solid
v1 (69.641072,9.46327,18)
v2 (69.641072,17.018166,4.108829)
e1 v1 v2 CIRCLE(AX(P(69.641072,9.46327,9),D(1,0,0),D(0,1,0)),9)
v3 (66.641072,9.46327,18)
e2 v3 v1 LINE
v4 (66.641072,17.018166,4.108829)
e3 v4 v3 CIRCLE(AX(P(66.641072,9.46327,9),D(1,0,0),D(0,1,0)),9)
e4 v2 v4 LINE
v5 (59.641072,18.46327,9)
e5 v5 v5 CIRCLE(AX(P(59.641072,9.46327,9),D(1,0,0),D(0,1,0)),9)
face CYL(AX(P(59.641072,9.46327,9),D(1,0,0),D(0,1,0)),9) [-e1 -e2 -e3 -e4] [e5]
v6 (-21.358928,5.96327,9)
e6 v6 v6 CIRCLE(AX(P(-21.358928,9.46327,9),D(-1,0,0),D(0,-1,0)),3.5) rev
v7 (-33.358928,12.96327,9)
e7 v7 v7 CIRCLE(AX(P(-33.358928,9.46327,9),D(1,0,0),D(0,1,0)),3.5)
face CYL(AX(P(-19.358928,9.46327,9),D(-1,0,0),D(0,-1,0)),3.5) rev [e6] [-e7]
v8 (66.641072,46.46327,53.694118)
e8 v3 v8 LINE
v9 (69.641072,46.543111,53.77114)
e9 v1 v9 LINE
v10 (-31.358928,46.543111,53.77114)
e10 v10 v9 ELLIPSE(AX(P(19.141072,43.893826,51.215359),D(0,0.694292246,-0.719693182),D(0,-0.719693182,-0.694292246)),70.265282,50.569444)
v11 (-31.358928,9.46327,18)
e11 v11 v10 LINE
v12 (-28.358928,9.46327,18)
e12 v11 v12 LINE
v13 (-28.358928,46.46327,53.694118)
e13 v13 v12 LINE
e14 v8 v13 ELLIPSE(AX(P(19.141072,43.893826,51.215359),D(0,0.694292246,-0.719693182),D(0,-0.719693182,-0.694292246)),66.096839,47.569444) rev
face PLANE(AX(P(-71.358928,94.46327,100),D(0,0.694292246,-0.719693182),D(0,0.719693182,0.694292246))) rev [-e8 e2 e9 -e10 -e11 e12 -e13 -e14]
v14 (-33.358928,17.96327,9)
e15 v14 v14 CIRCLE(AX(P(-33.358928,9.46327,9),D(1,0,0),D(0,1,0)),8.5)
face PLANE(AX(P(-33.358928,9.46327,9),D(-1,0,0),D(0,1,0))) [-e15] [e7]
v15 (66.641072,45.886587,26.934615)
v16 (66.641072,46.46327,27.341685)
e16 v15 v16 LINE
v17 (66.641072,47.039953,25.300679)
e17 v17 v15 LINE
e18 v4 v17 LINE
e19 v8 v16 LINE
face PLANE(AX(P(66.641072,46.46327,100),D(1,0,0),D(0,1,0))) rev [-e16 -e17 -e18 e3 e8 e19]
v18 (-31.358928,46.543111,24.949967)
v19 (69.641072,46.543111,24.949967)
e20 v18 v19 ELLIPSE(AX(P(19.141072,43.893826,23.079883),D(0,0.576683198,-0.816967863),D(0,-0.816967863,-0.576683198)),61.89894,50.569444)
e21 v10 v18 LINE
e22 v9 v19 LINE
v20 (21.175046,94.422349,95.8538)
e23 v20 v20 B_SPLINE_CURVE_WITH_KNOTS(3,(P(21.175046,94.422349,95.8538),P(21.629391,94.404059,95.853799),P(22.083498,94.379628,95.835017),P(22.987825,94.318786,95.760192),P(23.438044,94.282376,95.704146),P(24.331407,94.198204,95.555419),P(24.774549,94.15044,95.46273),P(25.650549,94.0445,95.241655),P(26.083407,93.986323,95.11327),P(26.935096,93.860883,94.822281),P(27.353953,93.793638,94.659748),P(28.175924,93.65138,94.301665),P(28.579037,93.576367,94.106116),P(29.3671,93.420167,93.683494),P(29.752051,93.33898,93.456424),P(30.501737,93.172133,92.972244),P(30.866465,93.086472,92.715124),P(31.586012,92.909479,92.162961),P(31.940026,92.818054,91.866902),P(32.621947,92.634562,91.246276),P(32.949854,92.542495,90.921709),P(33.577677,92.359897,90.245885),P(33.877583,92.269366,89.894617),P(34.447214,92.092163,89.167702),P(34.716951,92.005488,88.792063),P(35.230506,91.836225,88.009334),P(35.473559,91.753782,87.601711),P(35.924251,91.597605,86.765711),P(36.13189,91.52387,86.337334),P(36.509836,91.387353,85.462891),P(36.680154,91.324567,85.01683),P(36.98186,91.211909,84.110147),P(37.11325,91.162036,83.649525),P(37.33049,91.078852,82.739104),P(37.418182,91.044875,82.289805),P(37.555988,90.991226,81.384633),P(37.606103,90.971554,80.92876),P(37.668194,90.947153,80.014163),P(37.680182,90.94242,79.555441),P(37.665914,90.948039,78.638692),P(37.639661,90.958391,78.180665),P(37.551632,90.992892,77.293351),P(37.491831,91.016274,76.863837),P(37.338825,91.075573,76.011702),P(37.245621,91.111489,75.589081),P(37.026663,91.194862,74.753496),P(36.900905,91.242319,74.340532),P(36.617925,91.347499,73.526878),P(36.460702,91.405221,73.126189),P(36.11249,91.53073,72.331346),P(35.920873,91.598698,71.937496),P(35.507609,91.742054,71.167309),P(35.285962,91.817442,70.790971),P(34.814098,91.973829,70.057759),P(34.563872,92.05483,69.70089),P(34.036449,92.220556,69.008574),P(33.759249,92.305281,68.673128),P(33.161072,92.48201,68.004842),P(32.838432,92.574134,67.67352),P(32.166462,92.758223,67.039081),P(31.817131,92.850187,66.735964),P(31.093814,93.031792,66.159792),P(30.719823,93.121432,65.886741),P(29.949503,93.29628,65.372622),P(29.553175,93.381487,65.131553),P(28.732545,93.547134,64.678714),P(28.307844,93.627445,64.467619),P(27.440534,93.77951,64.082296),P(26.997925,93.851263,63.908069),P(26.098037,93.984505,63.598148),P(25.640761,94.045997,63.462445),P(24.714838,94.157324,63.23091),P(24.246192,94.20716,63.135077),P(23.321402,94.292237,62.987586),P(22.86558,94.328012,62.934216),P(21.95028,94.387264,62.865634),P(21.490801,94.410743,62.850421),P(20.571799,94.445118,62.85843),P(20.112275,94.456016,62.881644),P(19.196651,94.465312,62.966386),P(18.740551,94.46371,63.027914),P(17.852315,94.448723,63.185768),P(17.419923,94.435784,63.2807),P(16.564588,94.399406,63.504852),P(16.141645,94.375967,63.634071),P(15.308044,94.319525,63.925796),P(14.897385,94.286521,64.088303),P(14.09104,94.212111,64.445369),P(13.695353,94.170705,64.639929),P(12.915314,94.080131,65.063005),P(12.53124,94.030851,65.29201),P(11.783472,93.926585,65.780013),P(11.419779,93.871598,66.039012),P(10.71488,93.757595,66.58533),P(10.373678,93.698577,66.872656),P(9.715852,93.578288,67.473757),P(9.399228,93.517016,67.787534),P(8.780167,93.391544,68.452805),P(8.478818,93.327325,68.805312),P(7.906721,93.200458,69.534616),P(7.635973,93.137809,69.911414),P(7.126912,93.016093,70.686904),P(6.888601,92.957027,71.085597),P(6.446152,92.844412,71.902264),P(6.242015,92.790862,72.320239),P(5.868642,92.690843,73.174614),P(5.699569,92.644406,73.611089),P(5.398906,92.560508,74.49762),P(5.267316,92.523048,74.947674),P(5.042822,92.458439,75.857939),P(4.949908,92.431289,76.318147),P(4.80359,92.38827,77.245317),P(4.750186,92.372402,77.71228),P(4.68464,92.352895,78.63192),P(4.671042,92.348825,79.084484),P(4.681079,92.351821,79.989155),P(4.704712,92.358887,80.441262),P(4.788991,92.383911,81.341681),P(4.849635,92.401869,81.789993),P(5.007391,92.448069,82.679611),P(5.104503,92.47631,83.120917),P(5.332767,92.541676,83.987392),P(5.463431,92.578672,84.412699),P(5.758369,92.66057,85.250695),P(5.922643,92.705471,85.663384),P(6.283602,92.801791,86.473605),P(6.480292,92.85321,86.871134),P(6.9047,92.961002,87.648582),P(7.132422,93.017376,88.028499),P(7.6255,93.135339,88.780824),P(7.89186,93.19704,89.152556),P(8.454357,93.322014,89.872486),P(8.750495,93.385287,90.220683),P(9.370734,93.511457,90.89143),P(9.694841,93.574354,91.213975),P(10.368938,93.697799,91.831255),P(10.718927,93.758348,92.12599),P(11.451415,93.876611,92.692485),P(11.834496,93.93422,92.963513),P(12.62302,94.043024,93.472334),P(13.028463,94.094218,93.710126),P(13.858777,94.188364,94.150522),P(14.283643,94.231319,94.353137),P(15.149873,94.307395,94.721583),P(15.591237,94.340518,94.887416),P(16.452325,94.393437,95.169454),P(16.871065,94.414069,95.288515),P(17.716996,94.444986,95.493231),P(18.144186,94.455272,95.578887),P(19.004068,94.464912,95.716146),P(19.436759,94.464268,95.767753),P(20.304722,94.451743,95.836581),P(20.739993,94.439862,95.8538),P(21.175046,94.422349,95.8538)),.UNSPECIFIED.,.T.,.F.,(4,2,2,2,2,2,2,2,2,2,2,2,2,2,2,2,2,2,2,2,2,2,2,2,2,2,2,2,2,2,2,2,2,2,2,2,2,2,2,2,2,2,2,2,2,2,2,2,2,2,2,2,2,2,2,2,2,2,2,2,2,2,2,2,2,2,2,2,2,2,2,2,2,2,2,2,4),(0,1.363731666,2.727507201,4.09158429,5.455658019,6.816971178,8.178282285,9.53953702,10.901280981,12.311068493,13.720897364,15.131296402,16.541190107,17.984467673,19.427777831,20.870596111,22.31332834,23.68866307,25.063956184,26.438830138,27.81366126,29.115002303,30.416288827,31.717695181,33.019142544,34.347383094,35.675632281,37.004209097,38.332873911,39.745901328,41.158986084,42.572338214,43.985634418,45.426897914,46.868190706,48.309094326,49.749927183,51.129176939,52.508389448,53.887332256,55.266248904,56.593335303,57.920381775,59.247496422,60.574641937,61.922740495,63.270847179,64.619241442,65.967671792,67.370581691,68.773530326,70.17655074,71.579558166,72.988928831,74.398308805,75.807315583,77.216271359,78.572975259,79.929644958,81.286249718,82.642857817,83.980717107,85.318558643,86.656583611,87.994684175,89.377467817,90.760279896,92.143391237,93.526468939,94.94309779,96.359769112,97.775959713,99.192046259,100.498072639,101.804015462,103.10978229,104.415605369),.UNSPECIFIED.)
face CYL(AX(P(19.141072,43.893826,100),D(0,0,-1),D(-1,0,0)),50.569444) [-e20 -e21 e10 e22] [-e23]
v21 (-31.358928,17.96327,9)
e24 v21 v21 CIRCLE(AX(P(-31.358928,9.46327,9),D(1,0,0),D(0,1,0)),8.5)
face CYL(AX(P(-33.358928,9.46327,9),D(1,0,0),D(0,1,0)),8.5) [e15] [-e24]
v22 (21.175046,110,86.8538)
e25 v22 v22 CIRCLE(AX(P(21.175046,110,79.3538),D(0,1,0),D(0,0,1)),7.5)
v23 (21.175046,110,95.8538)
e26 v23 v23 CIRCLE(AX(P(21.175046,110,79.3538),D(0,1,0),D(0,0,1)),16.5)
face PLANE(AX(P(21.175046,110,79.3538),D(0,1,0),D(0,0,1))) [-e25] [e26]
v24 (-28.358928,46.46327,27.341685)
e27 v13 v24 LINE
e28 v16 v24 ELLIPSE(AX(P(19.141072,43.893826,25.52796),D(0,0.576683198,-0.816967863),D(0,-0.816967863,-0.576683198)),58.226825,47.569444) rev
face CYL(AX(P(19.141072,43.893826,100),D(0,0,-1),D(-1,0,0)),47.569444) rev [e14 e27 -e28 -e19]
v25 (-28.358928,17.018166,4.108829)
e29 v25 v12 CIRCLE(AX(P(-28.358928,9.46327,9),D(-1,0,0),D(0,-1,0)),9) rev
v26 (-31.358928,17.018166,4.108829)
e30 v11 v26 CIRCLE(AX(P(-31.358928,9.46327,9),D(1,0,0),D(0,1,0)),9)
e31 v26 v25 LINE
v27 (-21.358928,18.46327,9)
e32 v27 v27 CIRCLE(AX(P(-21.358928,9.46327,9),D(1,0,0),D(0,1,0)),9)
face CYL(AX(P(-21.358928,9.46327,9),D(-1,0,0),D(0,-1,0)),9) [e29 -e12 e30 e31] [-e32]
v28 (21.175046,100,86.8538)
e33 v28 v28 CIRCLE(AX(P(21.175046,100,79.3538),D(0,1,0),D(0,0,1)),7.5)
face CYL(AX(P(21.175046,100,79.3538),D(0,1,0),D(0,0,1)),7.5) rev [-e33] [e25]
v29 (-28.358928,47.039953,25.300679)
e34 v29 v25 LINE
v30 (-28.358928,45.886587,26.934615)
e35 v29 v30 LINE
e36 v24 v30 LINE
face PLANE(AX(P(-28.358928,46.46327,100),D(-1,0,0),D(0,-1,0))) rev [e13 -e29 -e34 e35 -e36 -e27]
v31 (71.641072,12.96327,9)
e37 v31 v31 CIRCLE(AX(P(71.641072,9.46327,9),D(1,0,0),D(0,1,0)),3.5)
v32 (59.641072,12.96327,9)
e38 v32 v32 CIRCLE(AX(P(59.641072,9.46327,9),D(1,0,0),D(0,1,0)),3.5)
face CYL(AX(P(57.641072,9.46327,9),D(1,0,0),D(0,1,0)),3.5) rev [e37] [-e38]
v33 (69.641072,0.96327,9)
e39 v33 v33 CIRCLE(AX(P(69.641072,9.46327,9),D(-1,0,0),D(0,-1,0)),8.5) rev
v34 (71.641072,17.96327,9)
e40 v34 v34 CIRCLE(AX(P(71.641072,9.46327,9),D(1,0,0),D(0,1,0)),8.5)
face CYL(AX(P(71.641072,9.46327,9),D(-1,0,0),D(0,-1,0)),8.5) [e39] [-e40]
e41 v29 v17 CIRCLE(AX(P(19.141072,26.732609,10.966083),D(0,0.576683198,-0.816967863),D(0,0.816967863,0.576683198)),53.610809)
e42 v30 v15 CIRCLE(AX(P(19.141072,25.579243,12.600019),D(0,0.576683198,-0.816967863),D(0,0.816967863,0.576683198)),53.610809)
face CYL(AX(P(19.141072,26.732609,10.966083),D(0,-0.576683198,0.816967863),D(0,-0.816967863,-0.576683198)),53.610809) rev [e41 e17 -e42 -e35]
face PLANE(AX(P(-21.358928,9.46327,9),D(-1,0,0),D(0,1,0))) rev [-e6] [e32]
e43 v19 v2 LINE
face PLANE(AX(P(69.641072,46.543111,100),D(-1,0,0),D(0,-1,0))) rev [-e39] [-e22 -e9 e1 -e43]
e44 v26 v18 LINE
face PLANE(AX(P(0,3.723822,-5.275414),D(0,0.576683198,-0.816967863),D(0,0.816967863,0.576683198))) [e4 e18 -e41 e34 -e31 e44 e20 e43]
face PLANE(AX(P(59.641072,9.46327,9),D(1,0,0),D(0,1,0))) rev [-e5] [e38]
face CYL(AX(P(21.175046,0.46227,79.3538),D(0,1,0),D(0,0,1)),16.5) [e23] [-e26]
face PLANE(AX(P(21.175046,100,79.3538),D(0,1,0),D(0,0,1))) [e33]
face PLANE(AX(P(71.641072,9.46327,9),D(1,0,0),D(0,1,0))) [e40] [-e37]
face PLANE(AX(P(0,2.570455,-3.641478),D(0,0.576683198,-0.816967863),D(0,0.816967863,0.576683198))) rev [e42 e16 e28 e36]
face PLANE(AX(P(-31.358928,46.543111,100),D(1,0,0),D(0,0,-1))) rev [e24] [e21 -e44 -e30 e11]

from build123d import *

# Parameters (mm, degrees)
SALIENTE_EXTRUIR1_DEPTH = 100
CORTAR_EXTRUIR1_DEPTH   = 141
CROQUIS3_R              = 9
SALIENTE_EXTRUIR2_DEPTH = 10
CROQUIS4_R              = 8.5
SALIENTE_EXTRUIR3_DEPTH = 2
CROQUIS5_R              = 3.5
CORTAR_EXTRUIR2_DEPTH   = 14
SALIENTE_EXTRUIR5_DEPTH = 1
SALIENTE_EXTRUIR7_REACH = 157.144
CROQUIS11_R             = 16.5
SALIENTE_EXTRUIR8_START = 15
CROQUIS12_R             = 16.5
SALIENTE_EXTRUIR8_DEPTH = 15
CROQUIS13_R             = 7.5
CORTAR_EXTRUIR5_DEPTH   = 10
CORTAR_EXTRUIR6_START   = 24.949967
CORTAR_EXTRUIR6_DEPTH   = 35.050033
SALIENTE_EXTRUIR9_REACH = 151.051
CROQUIS17_W             = 3
CROQUIS17_H             = 1


with BuildPart() as part:
    # Croquis1 → Saliente-Extruir1 (new body)
    with BuildSketch(Plane.XY):
        with BuildLine():
            Line((69.641072198, 46.543110775), (69.641072198, -23.536729858))
            Line((69.641072198, -23.536729858), (66.641072198, -23.536729858))
            Line((66.641072198, -23.536729858), (66.641072198, 46.463270142))
            ThreePointArc((66.641072198, 46.463270142), (19.141072198, 91.463270142), (-28.358927802, 46.463270142))
            Line((-28.358927802, 46.463270142), (-28.358927802, -23.536729858))
            Line((-28.358927802, -23.536729858), (-31.358927802, -23.536729858))
            Line((-31.358927802, -23.536729858), (-31.358927802, 46.543110775))
            ThreePointArc((-31.358927802, 46.543110775), (19.141072198, 94.463270142), (69.641072198, 46.543110775))
        make_face()
    extrude(amount=SALIENTE_EXTRUIR1_DEPTH)

    # Croquis2 → Cortar-Extruir1 (cut)
    with BuildSketch(Plane(origin=(69.641072198, 0, 0), x_dir=(0, 0, -1), z_dir=(1, 0, 0))):
        Polygon((-100, 94.463270142), (-18, 9.463270142), (0, 9.463270142), (-60, 94.463270142), (0, 94.463270142), (15.172467856, 86.125033525), (0, 6.963270142), (0, -23.536729858), (-100, -23.536729858), align=None)
    extrude(amount=-CORTAR_EXTRUIR1_DEPTH, mode=Mode.SUBTRACT)

    # Croquis3 → Saliente-Extruir2 (add)
    with BuildSketch(Plane(origin=(69.641072198, 0, 0), x_dir=(0, 0, -1), z_dir=(1, 0, 0))):
        with Locations(Location((-9, 9.463270142, 0), (0, 0, 90))):
            Circle(CROQUIS3_R)
    saliente_extruir2 = extrude(amount=-SALIENTE_EXTRUIR2_DEPTH)

    # Croquis4 → Saliente-Extruir3 (add)
    with BuildSketch(Plane(origin=(69.641072198, 0, 0), x_dir=(0, 0, -1), z_dir=(1, 0, 0))):
        with Locations(Location((-9, 9.463270142, 0), (0, 0, 270))):
            Circle(CROQUIS4_R)
    saliente_extruir3 = extrude(amount=SALIENTE_EXTRUIR3_DEPTH)

    # Croquis5 → Cortar-Extruir2 (cut)
    with BuildSketch(Plane(origin=(71.641072198, 0, 0), x_dir=(0, 0, -1), z_dir=(1, 0, 0))):
        with Locations(Location((-9, 9.463270142, 0), (0, 0, 90))):
            Circle(CROQUIS5_R)
    cortar_extruir2 = extrude(amount=-CORTAR_EXTRUIR2_DEPTH, mode=Mode.SUBTRACT)

    # Simetría1: Saliente-Extruir2, Saliente-Extruir3, Cortar-Extruir2 across plane
    add(saliente_extruir2.mirror(Plane(origin=(19.141072198, 0, 0), x_dir=(0, 0, 1), z_dir=(1, 0, 0))))
    add(saliente_extruir3.mirror(Plane(origin=(19.141072198, 0, 0), x_dir=(0, 0, 1), z_dir=(1, 0, 0))))
    add(cortar_extruir2.mirror(Plane(origin=(19.141072198, 0, 0), x_dir=(0, 0, 1), z_dir=(1, 0, 0))), mode=Mode.SUBTRACT)

    # Croquis6 → Saliente-Extruir5 (add, symmetric)
    with BuildSketch(Plane(origin=(0, 3.147138338, -4.458445979), x_dir=(-1, 0, 0), z_dir=(0, 0.5766831975986554, -0.8169678632647617))):
        with BuildLine():
            Line((-67.534417906, 18.111485144), (-66.641072198, 18.111485144))
            Line((-66.641072198, 18.111485144), (-66.641072198, 53.020606748))
            add(Edge.make_bspline(
                [(-19.141072198, 108.102332754), (-64.206861672, 108.102332754), (-66.641072198, 53.020606748)],
                knots=[3.141592654, 3.141592654, 3.141592654, 4.658348082, 4.658348082, 4.658348082], degree=2, weights=[1, 0.725952684, 1]))
            Line((-19.141072198, 108.102332754), (-19.141072198, 111.774447821))
            add(Edge.make_bspline(
                [(-19.141072198, 111.774447821), (-67.127128374, 111.774447821), (-69.641072198, 53.118334745)],
                knots=[3.141592654, 3.141592654, 3.141592654, 4.659975938, 4.659975938, 4.659975938], degree=2, weights=[1, 0.725392669, 1]))
            Line((-69.641072198, 53.118334745), (-69.641072198, 18.111485144))
            Line((-69.641072198, 18.111485144), (-67.534417906, 18.111485144))
        make_face()
        with BuildLine():
            Line((-19.141072198, 111.774447821), (-19.141072198, 108.102332754))
            add(Edge.make_bspline(
                [(28.358927802, 53.020606748), (25.924717276, 108.102332754), (-19.141072198, 108.102332754)],
                knots=[1.624837225, 1.624837225, 1.624837225, 3.141592654, 3.141592654, 3.141592654], degree=2, weights=[1, 0.725952684, 1]))
            Line((28.358927802, 53.020606748), (28.358927802, 18.111485144))
            Line((28.358927802, 18.111485144), (31.358927802, 18.111485144))
            Line((31.358927802, 18.111485144), (31.358927802, 53.118334745))
            add(Edge.make_bspline(
                [(31.358927802, 53.118334745), (28.844983978, 111.774447821), (-19.141072198, 111.774447821)],
                knots=[1.62320937, 1.62320937, 1.62320937, 3.141592654, 3.141592654, 3.141592654], degree=2, weights=[1, 0.725392669, 1]))
        make_face()
        with BuildLine():
            add(Edge.make_bspline(
                [(-19.141072198, 108.102332754), (-64.206861672, 108.102332754), (-66.641072198, 53.020606748)],
                knots=[3.141592654, 3.141592654, 3.141592654, 4.658348082, 4.658348082, 4.658348082], degree=2, weights=[1, 0.725952684, 1]))
            ThreePointArc((-66.641072198, 53.020606748), (-46.903607099, 74.026047186), (-19.141072198, 81.774447821))
            Line((-19.141072198, 81.774447821), (-19.141072198, 108.102332754))
        make_face()
        with BuildLine():
            Line((-19.141072198, 108.102332754), (-19.141072198, 81.774447821))
            ThreePointArc((-19.141072198, 81.774447821), (8.621462703, 74.026047186), (28.358927802, 53.020606748))
            add(Edge.make_bspline(
                [(28.358927802, 53.020606748), (25.924717276, 108.102332754), (-19.141072198, 108.102332754)],
                knots=[1.624837225, 1.624837225, 1.624837225, 3.141592654, 3.141592654, 3.141592654], degree=2, weights=[1, 0.725952684, 1]))
        make_face()
    extrude(amount=SALIENTE_EXTRUIR5_DEPTH, both=True)

    # Croquis11 → Saliente-Extruir7 (add, up to next)
    with BuildSketch(Plane(origin=(0, 95, 0), x_dir=(1, 0, 0), z_dir=(0, 1, 0)), mode=Mode.PRIVATE) as saliente_extruir7_sk1:
        with Locations(Location((21.175045512, -79.353799607, 0), (0, 0, 270))):
            Circle(CROQUIS11_R)
    saliente_extruir7_tool1 = extrude(saliente_extruir7_sk1.sketch, amount=-SALIENTE_EXTRUIR7_REACH, mode=Mode.PRIVATE) - part.part
    add(saliente_extruir7_tool1.solids().sort_by_distance((21.175046, 95, 79.3538))[0])

    # Croquis12 → Saliente-Extruir8 (add)
    with BuildSketch(Plane(origin=(0, 95, 0), x_dir=(1, 0, 0), z_dir=(0, 1, 0)).offset(SALIENTE_EXTRUIR8_START)):
        with Locations(Location((21.175045512, -79.353799607, 0), (0, 0, 270))):
            Circle(CROQUIS12_R)
    extrude(amount=-SALIENTE_EXTRUIR8_DEPTH)

    # Croquis13 → Cortar-Extruir5 (cut)
    with BuildSketch(Plane(origin=(0, 110, 0), x_dir=(1, 0, 0), z_dir=(0, 1, 0))):
        with Locations(Location((21.175045512, -79.353799607, 0), (0, 0, 270))):
            Circle(CROQUIS13_R)
    extrude(amount=-CORTAR_EXTRUIR5_DEPTH, mode=Mode.SUBTRACT)

    # Croquis8 → Cortar-Extruir6 (cut)
    with BuildSketch(Plane.XY.offset(CORTAR_EXTRUIR6_START)):
        with BuildLine():
            Line((-31.358927802, 46.543110775), (-43.995227874, 50.405646303))
            Line((-43.995227874, 50.405646303), (-32.93588468, 104.800400399))
            Line((-32.93588468, 104.800400399), (86.326861303, 97.464379117))
            Line((86.326861303, 97.464379117), (84.859657046, 44.645025888))
            Line((84.859657046, 44.645025888), (69.641072198, 46.543110775))
            ThreePointArc((69.641072198, 46.543110775), (19.141072198, 94.463270142), (-31.358927802, 46.543110775))
        make_face()
    extrude(amount=CORTAR_EXTRUIR6_DEPTH, mode=Mode.SUBTRACT)

    # Croquis17 → Saliente-Extruir9 (add, up to next)
    with BuildSketch(Plane(origin=(0, 14.796501319, 10.444589166), x_dir=(1, 0, 0), z_dir=(0, -0.8169678632647617, -0.5766831975986554)), mode=Mode.PRIVATE) as saliente_extruir9_sk1:
        with Locations((-29.858927802, -5.957308885)):
            Rectangle(CROQUIS17_W, CROQUIS17_H)
    saliente_extruir9_tool1 = extrude(saliente_extruir9_sk1.sketch, amount=SALIENTE_EXTRUIR9_REACH, mode=Mode.PRIVATE) - part.part
    saliente_extruir9 = saliente_extruir9_tool1.solids().sort_by_distance((-29.858928, 18.231981, 5.577659))[0]
    add(saliente_extruir9)

    # Simetría2: Saliente-Extruir9 across plane
    add(saliente_extruir9.mirror(Plane(origin=(19.141072198, 0, 0), x_dir=(0, 0, 1), z_dir=(1, 0, 0))))


solid = part.part
